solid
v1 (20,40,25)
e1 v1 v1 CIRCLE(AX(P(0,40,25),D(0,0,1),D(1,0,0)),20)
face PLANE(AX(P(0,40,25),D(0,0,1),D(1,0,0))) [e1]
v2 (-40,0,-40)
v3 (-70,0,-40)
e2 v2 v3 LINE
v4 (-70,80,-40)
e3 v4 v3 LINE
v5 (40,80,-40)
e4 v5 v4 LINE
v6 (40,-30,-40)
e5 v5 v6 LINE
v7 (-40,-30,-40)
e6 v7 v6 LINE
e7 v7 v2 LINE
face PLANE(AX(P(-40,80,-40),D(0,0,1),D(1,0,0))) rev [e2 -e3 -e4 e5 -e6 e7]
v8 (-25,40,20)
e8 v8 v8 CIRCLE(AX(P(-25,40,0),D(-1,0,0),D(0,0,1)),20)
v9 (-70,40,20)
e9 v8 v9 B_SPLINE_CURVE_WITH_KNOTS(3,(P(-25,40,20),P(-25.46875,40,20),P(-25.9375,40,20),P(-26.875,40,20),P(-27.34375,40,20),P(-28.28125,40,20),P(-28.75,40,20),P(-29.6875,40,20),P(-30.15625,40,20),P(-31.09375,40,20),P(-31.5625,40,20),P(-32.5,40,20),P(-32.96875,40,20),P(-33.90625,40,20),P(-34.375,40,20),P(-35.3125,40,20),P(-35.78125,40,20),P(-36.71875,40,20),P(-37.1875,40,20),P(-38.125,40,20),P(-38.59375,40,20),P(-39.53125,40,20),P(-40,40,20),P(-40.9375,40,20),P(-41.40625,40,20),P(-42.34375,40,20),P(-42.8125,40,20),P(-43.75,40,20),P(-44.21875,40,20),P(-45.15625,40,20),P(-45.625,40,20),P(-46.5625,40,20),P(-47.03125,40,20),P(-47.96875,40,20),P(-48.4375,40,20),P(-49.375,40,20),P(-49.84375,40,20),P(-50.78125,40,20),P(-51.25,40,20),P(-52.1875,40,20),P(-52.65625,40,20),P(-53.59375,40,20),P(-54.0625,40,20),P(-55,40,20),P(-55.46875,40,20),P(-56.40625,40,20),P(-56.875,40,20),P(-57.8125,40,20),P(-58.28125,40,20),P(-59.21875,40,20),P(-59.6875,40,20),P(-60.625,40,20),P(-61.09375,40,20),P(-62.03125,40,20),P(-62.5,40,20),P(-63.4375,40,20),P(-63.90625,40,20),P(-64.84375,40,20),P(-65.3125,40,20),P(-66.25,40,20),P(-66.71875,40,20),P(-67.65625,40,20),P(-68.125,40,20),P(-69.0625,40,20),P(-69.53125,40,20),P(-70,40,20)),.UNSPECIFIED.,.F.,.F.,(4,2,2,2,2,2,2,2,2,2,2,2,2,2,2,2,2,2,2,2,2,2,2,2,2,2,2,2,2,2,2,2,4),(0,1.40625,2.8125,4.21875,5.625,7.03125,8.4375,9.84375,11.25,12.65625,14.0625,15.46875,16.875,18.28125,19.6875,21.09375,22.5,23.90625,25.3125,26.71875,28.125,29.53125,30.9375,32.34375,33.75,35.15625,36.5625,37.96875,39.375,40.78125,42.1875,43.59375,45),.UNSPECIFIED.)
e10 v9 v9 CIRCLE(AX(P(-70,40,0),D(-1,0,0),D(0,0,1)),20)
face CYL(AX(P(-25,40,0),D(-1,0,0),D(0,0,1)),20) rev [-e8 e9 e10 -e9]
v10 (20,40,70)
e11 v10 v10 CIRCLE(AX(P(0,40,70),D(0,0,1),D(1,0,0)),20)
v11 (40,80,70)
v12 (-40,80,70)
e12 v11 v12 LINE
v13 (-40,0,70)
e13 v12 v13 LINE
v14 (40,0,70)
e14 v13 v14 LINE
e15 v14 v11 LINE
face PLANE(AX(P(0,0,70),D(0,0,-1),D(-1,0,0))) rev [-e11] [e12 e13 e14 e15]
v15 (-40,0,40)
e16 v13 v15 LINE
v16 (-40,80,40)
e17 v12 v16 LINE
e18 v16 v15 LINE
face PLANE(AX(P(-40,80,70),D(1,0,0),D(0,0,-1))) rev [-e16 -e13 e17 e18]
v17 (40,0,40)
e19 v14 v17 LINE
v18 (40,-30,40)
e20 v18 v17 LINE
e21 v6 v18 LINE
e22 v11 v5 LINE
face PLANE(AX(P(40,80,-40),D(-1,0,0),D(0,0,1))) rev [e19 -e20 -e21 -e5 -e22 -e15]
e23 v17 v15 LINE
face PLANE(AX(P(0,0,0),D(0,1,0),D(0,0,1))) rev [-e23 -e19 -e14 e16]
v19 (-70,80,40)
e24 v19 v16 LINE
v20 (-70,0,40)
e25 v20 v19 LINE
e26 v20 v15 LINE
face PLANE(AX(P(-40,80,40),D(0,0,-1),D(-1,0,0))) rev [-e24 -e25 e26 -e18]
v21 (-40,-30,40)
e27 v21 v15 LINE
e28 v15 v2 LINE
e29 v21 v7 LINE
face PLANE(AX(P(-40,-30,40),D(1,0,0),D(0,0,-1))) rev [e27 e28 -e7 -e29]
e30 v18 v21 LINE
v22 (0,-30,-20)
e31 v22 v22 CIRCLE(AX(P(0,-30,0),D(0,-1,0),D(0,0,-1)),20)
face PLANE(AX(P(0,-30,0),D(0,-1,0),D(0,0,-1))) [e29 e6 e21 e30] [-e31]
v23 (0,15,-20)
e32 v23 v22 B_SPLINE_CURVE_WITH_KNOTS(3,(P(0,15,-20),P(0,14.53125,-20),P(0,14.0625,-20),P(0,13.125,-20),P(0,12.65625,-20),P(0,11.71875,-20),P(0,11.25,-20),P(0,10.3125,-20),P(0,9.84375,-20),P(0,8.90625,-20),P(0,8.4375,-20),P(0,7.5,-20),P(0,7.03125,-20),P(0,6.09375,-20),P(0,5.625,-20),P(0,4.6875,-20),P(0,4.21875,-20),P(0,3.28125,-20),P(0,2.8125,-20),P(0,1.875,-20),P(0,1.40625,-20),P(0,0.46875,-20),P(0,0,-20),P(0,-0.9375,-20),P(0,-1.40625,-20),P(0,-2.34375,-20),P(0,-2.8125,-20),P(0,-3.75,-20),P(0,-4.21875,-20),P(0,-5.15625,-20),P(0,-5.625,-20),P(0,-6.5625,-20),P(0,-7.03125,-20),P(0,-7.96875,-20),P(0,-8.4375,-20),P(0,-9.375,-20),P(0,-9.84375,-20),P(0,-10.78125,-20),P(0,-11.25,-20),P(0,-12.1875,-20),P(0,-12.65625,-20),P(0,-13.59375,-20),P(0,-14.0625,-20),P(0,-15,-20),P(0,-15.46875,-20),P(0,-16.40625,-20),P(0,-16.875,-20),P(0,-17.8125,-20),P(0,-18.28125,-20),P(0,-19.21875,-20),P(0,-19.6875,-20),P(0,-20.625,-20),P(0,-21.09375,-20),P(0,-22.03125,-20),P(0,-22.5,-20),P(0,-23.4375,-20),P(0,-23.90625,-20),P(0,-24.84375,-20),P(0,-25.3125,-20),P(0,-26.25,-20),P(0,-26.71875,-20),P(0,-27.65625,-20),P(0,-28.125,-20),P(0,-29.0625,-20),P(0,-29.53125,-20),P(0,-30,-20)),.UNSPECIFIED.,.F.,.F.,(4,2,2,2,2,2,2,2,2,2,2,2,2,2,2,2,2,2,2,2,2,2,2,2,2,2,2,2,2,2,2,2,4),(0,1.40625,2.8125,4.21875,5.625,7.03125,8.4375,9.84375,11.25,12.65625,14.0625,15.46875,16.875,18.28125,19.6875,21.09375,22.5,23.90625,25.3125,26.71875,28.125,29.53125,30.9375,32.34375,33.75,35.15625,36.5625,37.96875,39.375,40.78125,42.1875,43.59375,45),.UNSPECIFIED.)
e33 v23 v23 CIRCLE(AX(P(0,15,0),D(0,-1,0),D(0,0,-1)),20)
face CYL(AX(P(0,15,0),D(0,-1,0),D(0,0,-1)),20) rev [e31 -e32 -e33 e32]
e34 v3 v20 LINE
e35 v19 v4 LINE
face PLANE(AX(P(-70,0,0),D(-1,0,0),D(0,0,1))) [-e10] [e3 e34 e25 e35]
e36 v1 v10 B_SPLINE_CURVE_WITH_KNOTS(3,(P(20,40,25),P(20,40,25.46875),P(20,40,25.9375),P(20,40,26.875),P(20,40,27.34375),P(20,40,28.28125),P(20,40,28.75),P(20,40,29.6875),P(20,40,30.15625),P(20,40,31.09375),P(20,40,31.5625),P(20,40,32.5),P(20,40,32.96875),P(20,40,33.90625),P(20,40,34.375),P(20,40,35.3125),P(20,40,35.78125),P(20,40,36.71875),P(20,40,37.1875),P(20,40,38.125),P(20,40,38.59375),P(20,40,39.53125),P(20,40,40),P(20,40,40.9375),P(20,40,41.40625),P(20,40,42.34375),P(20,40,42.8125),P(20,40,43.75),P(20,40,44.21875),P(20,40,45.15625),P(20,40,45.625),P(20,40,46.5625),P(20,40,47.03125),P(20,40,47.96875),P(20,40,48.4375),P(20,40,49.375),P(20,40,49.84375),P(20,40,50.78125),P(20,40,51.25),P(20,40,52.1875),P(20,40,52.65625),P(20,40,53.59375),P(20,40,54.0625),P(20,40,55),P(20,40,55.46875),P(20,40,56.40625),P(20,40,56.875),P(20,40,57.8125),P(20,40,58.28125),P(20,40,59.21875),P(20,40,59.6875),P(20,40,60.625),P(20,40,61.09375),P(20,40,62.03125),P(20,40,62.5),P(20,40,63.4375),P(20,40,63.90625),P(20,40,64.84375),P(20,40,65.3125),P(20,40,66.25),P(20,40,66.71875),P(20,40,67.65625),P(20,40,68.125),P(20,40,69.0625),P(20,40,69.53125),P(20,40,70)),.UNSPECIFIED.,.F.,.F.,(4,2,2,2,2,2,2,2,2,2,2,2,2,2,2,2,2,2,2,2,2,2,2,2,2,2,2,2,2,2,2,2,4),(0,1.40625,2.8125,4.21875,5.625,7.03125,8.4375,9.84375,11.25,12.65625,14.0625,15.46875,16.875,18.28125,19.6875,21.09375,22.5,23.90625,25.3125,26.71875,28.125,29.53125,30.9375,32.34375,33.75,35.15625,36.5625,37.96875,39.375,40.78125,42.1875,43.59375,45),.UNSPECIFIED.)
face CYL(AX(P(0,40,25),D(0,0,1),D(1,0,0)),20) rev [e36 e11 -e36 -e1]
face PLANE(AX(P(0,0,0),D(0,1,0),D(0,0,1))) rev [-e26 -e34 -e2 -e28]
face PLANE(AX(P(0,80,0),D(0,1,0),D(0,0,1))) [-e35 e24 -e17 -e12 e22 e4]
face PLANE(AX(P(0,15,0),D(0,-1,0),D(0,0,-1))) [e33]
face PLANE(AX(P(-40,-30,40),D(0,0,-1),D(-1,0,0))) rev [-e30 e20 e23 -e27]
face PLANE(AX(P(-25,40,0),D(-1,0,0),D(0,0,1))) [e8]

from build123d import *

# Parameters (mm, degrees)
ESQUISSE2_W             = 80
ESQUISSE2_H             = 80
BOSS_EXTRU_1_DEPTH      = 80
ESQUISSE5_W             = 80
ESQUISSE5_H             = 80
BOSS_EXTRU_2_DEPTH      = 30
ESQUISSE6_W             = 80
ESQUISSE6_H             = 80
BOSS_EXTRU_3_DEPTH      = 30
ESQUISSE7_W             = 80
ESQUISSE7_H             = 80
BOSS_EXTRU_4_DEPTH      = 30
ESQUISSE8_R             = 20
ENL_V_MAT_EXTRU_1_DEPTH = 45
ESQUISSE9_R             = 20
ENL_V_MAT_EXTRU_2_DEPTH = 45
ESQUISSE10_R            = 20
ENL_V_MAT_EXTRU_3_DEPTH = 45


with BuildPart() as part:
    # Esquisse2 → Boss.-Extru.1 (new body)
    with BuildSketch(Plane(origin=(0, 0, 0), x_dir=(1, 0, 0), z_dir=(0, 1, 0))):
        Rectangle(ESQUISSE2_W, ESQUISSE2_H)
    extrude(amount=BOSS_EXTRU_1_DEPTH)

    # Esquisse5 → Boss.-Extru.2 (add)
    with BuildSketch(Plane.ZY.offset(40)):
        with Locations((0, 40)):
            Rectangle(ESQUISSE5_W, ESQUISSE5_H)
    extrude(amount=BOSS_EXTRU_2_DEPTH)

    # Esquisse6 → Boss.-Extru.3 (add)
    with BuildSketch(Plane.XY.offset(40)):
        with Locations((0, 40)):
            Rectangle(ESQUISSE6_W, ESQUISSE6_H)
    extrude(amount=BOSS_EXTRU_3_DEPTH)

    # Esquisse7 → Boss.-Extru.4 (add)
    with BuildSketch(Plane.XZ):
        Rectangle(ESQUISSE7_W, ESQUISSE7_H)
    extrude(amount=BOSS_EXTRU_4_DEPTH)

    # Esquisse8 → Enlèv. mat.-Extru.1 (cut)
    with BuildSketch(Plane.ZY.offset(70)):
        with Locations((0, 40)):
            Circle(ESQUISSE8_R)
    extrude(amount=-ENL_V_MAT_EXTRU_1_DEPTH, mode=Mode.SUBTRACT)

    # Esquisse9 → Enlèv. mat.-Extru.2 (cut)
    with BuildSketch(Plane.XY.offset(70)):
        with Locations((0, 40)):
            Circle(ESQUISSE9_R)
    extrude(amount=-ENL_V_MAT_EXTRU_2_DEPTH, mode=Mode.SUBTRACT)

    # Esquisse10 → Enlèv. mat.-Extru.3 (cut)
    with BuildSketch(Plane.XZ.offset(30)):
        with Locations(Location((0, 0, 0), (0, 0, 270))):
            Circle(ESQUISSE10_R)
    extrude(amount=-ENL_V_MAT_EXTRU_3_DEPTH, mode=Mode.SUBTRACT)


solid = part.part
